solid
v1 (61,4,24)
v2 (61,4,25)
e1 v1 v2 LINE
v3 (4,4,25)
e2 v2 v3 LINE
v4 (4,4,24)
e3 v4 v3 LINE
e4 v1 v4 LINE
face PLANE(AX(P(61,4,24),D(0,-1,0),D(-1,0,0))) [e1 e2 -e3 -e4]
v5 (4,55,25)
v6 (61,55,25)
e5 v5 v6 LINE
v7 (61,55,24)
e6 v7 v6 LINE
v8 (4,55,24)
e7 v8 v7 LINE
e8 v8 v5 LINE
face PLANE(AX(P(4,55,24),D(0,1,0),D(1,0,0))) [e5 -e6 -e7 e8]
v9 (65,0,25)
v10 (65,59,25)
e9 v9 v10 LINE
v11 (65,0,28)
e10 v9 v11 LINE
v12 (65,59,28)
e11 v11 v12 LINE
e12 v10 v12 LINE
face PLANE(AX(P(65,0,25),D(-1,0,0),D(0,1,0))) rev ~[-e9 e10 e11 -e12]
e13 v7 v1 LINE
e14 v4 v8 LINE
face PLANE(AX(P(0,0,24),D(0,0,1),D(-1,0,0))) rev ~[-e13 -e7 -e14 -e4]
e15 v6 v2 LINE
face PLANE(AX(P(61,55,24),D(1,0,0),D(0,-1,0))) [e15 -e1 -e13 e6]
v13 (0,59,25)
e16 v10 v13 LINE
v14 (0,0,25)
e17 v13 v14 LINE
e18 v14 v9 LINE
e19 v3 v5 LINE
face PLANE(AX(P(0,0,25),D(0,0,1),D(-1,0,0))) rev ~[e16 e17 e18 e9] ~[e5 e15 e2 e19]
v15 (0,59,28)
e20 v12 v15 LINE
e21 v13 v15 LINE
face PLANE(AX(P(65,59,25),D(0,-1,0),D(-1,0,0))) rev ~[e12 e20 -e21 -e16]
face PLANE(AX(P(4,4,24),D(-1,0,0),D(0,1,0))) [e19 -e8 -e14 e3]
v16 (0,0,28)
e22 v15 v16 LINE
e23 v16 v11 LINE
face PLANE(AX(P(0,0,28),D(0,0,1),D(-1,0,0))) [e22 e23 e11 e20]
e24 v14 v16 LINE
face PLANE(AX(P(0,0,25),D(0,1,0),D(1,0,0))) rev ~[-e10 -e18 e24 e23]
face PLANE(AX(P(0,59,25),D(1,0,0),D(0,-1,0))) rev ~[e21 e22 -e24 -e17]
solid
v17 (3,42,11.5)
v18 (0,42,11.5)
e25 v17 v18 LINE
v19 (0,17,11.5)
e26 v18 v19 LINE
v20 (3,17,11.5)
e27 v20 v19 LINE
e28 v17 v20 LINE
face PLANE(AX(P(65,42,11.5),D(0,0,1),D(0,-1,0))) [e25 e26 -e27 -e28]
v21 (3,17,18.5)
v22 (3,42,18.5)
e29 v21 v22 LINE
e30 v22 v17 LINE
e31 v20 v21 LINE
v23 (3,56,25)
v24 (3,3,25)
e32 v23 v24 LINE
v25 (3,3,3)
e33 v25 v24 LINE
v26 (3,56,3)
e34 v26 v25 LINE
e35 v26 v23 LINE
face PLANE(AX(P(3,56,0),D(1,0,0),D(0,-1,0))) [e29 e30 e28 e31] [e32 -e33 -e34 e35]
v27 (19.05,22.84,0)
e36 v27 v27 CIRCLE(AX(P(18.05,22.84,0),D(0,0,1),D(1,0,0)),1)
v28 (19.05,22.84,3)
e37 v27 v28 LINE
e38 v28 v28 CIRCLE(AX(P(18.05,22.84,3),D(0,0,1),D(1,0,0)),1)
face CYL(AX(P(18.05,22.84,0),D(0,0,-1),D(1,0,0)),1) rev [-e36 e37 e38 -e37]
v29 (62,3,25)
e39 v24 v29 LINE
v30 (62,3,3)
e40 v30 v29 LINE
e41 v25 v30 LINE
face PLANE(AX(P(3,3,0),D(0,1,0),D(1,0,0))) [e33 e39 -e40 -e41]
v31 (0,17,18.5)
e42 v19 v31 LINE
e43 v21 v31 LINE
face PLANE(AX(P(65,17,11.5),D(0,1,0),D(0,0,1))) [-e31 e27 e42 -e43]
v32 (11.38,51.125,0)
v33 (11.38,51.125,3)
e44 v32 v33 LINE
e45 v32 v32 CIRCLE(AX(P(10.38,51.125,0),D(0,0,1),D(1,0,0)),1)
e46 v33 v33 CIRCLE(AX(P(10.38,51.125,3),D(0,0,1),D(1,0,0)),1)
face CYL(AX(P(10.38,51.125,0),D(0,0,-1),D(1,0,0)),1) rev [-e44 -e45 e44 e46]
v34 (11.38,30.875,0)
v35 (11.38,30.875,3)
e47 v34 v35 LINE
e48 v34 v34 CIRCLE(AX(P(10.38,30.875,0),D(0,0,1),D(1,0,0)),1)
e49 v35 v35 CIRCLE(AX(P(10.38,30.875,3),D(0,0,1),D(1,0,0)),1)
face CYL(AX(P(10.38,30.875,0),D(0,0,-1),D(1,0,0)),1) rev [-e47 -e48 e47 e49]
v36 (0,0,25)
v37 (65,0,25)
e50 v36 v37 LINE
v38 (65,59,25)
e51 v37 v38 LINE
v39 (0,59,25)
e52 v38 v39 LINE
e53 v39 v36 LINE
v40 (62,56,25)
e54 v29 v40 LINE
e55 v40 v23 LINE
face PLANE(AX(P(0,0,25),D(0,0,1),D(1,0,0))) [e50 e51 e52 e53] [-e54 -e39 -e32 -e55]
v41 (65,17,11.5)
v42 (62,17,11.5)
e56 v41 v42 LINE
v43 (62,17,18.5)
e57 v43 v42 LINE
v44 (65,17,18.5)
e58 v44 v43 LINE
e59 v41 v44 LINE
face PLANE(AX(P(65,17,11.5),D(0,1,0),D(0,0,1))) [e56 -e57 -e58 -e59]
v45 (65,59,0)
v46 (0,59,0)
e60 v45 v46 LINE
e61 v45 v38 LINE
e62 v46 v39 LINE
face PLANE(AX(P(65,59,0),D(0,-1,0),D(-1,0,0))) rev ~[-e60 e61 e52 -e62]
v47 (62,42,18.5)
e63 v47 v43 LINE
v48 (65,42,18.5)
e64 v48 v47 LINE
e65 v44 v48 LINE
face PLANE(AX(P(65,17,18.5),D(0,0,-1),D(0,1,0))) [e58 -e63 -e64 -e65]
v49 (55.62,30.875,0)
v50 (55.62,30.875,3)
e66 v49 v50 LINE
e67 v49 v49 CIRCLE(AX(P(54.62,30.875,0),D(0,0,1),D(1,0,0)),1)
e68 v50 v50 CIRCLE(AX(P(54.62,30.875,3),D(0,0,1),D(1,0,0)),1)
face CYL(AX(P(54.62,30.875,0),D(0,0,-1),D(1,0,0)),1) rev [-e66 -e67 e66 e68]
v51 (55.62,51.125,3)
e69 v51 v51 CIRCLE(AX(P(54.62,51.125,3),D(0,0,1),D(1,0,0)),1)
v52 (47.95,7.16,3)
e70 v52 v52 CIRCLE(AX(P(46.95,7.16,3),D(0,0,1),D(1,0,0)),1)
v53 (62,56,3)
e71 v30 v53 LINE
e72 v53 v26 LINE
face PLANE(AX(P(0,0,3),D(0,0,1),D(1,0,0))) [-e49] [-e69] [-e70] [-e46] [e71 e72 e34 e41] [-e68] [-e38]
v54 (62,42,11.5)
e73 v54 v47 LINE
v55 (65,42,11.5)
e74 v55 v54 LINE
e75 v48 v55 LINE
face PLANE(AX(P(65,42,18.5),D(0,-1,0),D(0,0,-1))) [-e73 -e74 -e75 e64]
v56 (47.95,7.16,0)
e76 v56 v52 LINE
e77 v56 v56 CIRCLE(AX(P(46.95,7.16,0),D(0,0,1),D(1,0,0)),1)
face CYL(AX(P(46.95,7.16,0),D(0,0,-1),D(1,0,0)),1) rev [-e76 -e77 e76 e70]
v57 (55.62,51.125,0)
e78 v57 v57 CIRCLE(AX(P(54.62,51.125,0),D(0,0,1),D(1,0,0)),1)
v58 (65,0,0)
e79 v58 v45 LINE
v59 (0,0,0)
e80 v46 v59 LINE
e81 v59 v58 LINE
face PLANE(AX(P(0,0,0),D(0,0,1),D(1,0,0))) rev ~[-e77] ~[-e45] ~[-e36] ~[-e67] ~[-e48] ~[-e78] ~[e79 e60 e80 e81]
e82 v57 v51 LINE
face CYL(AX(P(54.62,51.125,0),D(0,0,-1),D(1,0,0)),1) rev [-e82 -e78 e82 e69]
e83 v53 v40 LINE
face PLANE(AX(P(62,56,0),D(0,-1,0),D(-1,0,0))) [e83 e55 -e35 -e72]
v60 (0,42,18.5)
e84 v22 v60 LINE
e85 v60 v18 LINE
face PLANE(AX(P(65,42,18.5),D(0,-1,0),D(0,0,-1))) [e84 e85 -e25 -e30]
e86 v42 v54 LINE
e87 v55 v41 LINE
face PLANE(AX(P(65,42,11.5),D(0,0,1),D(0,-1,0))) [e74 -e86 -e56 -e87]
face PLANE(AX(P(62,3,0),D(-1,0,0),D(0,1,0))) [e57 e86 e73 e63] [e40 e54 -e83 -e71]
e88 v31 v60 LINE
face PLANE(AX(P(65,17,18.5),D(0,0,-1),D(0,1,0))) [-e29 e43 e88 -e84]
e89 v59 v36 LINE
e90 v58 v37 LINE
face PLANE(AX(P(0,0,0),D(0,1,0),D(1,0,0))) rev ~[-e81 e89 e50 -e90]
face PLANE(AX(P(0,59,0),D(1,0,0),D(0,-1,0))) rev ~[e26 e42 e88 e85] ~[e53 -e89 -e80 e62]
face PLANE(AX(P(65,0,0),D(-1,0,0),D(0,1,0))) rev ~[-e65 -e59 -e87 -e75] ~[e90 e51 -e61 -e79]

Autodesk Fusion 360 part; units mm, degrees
sketch "Skizze1" plane through (0, 0, 0) normal (0, 0, 1) x (1, 0, 0) in component "power-switch"
  line L0 (0, 0) -> (65, 0)
  line L1 (65, 0) -> (65, 59)
  line L2 (65, 59) -> (0, 59)
  line L3 (0, 59) -> (0, 0)
  line L4 (32.5, 59) -> (32.5, 0) construction
  line L5 (54.62, 30.875) -> (10.38, 30.875) construction
  line L6 (10.38, 30.875) -> (10.38, 51.125) construction
  line L7 (10.38, 51.125) -> (54.62, 51.125) construction
  line L8 (54.62, 51.125) -> (54.62, 30.875) construction
  line L9 (54.62, 30.875) -> (10.38, 51.125) construction
  line L10 (10.38, 30.875) -> (54.62, 51.125) construction
  line L11 (57.62, 27.875) -> (7.38, 27.875) construction
  line L12 (7.38, 27.875) -> (7.38, 54.125) construction
  line L13 (7.38, 54.125) -> (57.62, 54.125) construction
  line L14 (57.62, 54.125) -> (57.62, 27.875) construction
  line L15 (57.62, 27.875) -> (7.38, 54.125) construction
  line L16 (7.38, 27.875) -> (57.62, 54.125) construction
  line L17 (53.59, 4.45) -> (11.41, 4.45) construction
  line L18 (11.41, 4.45) -> (11.41, 25.55) construction
  line L19 (11.41, 25.55) -> (53.59, 25.55) construction
  line L20 (53.59, 25.55) -> (53.59, 4.45) construction
  line L21 (53.59, 4.45) -> (11.41, 25.55) construction
  line L22 (11.41, 4.45) -> (53.59, 25.55) construction
  line L23 (46.95, 22.84) -> (18.05, 22.84) construction
  line L24 (18.05, 22.84) -> (18.05, 7.16) construction
  line L25 (18.05, 7.16) -> (46.95, 7.16) construction
  line L26 (46.95, 7.16) -> (46.95, 22.84) construction
  line L27 (46.95, 22.84) -> (18.05, 7.16) construction
  line L28 (18.05, 22.84) -> (46.95, 7.16) construction
  circle A0 centre (46.95, 7.16) radius 1
  circle A1 centre (18.05, 22.84) radius 1
  circle A2 centre (10.38, 51.125) radius 1
  circle A3 centre (54.62, 30.875) radius 1
  circle A4 centre (54.62, 51.125) radius 1
  circle A5 centre (10.38, 30.875) radius 1
  line L29 (3, 3) -> (62, 3)
  line L30 (62, 3) -> (62, 56)
  line L31 (62, 56) -> (3, 56)
  line L32 (3, 56) -> (3, 3)
  point P0 (32.5, 41)
  point P1 (32.5, 41)
  point P2 (32.5, 15)
  point P3 (32.5, 15)
  dimension "d56" = 50.24
  dimension "d57" = 26.25
  dimension "d58" = 3
  dimension "d59" = 3
  dimension "d60" = 21.1
  dimension "d61" = 42.18
  dimension "d62" = 6.64
  dimension "d63" = 2.71
  dimension "d64" = 2
  dimension "d65" = 2
  dimension "d66" = 2
  dimension "d67" = 2
  dimension "d68" = 2
  dimension "d69" = 2
  dimension "d70" = 15
  dimension "d71" = 18
  dimension "d72" = 26
  dimension "d73" = 65
  dimension "d74" = -3
extrude "Extrusion1" add sketch "Skizze1" along normal blind 3 contours L29 L30 L31 L32 makes body 1 in component "power-switch"
extrude "Extrusion2" add sketch "Skizze1" along normal blind 25 contours L0 L1 L2 L3 bodies 1 in component "power-switch"
sketch "Skizze2" plane through (0, 0, 25) normal (0, 0, 1) x (-1, 0, 0) in component "power-switch"
  line L0 (-3, -3) -> (-3, -56)
  line L1 (-3, -56) -> (-62, -56)
  line L2 (-62, -56) -> (-62, -3)
  line L3 (-62, -3) -> (-3, -3)
  line L4 (0, -59) -> (0, 0)
  line L5 (0, 0) -> (-65, 0)
  line L6 (-65, 0) -> (-65, -59)
  line L7 (-65, -59) -> (0, -59)
  line L8 (-61, -4) -> (-4, -4)
  line L9 (-4, -4) -> (-4, -55)
  line L10 (-4, -55) -> (-61, -55)
  line L11 (-61, -55) -> (-61, -4)
  dimension "d79" = 1
extrude "Extrusion3" add sketch "Skizze2" along normal blind 4 from surface at -1 separate body contours L8 L9 L10 L11 makes body 2 in component "power-switch"
extrude "Extrusion4" add sketch "Skizze2" along normal blind 3 contours L0 L1 L2 L3 | L4 L5 L6 L7 bodies 2 in component "power-switch"
sketch "Skizze3" plane through (65, 0, 0) normal (1, 0, 0) x (0, 1, 0) in component "power-switch"
  line L0 (0, 0) -> (59, 0)
  line L1 (59, 0) -> (59, 25)
  line L2 (59, 25) -> (0, 25)
  line L3 (0, 25) -> (0, 0)
  line L4 (42, 11.5) -> (17, 11.5)
  line L5 (17, 11.5) -> (17, 18.5)
  line L6 (17, 18.5) -> (42, 18.5)
  line L7 (42, 18.5) -> (42, 11.5)
  line L8 (42, 11.5) -> (17, 18.5) construction
  line L9 (17, 11.5) -> (42, 18.5) construction
  line L10 (0, 15) -> (59, 15) construction
  point P0 (29.5, 15)
  dimension "d85" = 25
  dimension "d86" = 7
  dimension "d87" = 10
extrude "Extrusion5" cut sketch "Skizze3" against normal blind 70 contours L4 L5 L6 L7 bodies 1 in component "power-switch"
component "power-switch" placed x (1, 0, 0) y (0, 1, 0) z (0, 0, 1) at (0, 0, 0)
